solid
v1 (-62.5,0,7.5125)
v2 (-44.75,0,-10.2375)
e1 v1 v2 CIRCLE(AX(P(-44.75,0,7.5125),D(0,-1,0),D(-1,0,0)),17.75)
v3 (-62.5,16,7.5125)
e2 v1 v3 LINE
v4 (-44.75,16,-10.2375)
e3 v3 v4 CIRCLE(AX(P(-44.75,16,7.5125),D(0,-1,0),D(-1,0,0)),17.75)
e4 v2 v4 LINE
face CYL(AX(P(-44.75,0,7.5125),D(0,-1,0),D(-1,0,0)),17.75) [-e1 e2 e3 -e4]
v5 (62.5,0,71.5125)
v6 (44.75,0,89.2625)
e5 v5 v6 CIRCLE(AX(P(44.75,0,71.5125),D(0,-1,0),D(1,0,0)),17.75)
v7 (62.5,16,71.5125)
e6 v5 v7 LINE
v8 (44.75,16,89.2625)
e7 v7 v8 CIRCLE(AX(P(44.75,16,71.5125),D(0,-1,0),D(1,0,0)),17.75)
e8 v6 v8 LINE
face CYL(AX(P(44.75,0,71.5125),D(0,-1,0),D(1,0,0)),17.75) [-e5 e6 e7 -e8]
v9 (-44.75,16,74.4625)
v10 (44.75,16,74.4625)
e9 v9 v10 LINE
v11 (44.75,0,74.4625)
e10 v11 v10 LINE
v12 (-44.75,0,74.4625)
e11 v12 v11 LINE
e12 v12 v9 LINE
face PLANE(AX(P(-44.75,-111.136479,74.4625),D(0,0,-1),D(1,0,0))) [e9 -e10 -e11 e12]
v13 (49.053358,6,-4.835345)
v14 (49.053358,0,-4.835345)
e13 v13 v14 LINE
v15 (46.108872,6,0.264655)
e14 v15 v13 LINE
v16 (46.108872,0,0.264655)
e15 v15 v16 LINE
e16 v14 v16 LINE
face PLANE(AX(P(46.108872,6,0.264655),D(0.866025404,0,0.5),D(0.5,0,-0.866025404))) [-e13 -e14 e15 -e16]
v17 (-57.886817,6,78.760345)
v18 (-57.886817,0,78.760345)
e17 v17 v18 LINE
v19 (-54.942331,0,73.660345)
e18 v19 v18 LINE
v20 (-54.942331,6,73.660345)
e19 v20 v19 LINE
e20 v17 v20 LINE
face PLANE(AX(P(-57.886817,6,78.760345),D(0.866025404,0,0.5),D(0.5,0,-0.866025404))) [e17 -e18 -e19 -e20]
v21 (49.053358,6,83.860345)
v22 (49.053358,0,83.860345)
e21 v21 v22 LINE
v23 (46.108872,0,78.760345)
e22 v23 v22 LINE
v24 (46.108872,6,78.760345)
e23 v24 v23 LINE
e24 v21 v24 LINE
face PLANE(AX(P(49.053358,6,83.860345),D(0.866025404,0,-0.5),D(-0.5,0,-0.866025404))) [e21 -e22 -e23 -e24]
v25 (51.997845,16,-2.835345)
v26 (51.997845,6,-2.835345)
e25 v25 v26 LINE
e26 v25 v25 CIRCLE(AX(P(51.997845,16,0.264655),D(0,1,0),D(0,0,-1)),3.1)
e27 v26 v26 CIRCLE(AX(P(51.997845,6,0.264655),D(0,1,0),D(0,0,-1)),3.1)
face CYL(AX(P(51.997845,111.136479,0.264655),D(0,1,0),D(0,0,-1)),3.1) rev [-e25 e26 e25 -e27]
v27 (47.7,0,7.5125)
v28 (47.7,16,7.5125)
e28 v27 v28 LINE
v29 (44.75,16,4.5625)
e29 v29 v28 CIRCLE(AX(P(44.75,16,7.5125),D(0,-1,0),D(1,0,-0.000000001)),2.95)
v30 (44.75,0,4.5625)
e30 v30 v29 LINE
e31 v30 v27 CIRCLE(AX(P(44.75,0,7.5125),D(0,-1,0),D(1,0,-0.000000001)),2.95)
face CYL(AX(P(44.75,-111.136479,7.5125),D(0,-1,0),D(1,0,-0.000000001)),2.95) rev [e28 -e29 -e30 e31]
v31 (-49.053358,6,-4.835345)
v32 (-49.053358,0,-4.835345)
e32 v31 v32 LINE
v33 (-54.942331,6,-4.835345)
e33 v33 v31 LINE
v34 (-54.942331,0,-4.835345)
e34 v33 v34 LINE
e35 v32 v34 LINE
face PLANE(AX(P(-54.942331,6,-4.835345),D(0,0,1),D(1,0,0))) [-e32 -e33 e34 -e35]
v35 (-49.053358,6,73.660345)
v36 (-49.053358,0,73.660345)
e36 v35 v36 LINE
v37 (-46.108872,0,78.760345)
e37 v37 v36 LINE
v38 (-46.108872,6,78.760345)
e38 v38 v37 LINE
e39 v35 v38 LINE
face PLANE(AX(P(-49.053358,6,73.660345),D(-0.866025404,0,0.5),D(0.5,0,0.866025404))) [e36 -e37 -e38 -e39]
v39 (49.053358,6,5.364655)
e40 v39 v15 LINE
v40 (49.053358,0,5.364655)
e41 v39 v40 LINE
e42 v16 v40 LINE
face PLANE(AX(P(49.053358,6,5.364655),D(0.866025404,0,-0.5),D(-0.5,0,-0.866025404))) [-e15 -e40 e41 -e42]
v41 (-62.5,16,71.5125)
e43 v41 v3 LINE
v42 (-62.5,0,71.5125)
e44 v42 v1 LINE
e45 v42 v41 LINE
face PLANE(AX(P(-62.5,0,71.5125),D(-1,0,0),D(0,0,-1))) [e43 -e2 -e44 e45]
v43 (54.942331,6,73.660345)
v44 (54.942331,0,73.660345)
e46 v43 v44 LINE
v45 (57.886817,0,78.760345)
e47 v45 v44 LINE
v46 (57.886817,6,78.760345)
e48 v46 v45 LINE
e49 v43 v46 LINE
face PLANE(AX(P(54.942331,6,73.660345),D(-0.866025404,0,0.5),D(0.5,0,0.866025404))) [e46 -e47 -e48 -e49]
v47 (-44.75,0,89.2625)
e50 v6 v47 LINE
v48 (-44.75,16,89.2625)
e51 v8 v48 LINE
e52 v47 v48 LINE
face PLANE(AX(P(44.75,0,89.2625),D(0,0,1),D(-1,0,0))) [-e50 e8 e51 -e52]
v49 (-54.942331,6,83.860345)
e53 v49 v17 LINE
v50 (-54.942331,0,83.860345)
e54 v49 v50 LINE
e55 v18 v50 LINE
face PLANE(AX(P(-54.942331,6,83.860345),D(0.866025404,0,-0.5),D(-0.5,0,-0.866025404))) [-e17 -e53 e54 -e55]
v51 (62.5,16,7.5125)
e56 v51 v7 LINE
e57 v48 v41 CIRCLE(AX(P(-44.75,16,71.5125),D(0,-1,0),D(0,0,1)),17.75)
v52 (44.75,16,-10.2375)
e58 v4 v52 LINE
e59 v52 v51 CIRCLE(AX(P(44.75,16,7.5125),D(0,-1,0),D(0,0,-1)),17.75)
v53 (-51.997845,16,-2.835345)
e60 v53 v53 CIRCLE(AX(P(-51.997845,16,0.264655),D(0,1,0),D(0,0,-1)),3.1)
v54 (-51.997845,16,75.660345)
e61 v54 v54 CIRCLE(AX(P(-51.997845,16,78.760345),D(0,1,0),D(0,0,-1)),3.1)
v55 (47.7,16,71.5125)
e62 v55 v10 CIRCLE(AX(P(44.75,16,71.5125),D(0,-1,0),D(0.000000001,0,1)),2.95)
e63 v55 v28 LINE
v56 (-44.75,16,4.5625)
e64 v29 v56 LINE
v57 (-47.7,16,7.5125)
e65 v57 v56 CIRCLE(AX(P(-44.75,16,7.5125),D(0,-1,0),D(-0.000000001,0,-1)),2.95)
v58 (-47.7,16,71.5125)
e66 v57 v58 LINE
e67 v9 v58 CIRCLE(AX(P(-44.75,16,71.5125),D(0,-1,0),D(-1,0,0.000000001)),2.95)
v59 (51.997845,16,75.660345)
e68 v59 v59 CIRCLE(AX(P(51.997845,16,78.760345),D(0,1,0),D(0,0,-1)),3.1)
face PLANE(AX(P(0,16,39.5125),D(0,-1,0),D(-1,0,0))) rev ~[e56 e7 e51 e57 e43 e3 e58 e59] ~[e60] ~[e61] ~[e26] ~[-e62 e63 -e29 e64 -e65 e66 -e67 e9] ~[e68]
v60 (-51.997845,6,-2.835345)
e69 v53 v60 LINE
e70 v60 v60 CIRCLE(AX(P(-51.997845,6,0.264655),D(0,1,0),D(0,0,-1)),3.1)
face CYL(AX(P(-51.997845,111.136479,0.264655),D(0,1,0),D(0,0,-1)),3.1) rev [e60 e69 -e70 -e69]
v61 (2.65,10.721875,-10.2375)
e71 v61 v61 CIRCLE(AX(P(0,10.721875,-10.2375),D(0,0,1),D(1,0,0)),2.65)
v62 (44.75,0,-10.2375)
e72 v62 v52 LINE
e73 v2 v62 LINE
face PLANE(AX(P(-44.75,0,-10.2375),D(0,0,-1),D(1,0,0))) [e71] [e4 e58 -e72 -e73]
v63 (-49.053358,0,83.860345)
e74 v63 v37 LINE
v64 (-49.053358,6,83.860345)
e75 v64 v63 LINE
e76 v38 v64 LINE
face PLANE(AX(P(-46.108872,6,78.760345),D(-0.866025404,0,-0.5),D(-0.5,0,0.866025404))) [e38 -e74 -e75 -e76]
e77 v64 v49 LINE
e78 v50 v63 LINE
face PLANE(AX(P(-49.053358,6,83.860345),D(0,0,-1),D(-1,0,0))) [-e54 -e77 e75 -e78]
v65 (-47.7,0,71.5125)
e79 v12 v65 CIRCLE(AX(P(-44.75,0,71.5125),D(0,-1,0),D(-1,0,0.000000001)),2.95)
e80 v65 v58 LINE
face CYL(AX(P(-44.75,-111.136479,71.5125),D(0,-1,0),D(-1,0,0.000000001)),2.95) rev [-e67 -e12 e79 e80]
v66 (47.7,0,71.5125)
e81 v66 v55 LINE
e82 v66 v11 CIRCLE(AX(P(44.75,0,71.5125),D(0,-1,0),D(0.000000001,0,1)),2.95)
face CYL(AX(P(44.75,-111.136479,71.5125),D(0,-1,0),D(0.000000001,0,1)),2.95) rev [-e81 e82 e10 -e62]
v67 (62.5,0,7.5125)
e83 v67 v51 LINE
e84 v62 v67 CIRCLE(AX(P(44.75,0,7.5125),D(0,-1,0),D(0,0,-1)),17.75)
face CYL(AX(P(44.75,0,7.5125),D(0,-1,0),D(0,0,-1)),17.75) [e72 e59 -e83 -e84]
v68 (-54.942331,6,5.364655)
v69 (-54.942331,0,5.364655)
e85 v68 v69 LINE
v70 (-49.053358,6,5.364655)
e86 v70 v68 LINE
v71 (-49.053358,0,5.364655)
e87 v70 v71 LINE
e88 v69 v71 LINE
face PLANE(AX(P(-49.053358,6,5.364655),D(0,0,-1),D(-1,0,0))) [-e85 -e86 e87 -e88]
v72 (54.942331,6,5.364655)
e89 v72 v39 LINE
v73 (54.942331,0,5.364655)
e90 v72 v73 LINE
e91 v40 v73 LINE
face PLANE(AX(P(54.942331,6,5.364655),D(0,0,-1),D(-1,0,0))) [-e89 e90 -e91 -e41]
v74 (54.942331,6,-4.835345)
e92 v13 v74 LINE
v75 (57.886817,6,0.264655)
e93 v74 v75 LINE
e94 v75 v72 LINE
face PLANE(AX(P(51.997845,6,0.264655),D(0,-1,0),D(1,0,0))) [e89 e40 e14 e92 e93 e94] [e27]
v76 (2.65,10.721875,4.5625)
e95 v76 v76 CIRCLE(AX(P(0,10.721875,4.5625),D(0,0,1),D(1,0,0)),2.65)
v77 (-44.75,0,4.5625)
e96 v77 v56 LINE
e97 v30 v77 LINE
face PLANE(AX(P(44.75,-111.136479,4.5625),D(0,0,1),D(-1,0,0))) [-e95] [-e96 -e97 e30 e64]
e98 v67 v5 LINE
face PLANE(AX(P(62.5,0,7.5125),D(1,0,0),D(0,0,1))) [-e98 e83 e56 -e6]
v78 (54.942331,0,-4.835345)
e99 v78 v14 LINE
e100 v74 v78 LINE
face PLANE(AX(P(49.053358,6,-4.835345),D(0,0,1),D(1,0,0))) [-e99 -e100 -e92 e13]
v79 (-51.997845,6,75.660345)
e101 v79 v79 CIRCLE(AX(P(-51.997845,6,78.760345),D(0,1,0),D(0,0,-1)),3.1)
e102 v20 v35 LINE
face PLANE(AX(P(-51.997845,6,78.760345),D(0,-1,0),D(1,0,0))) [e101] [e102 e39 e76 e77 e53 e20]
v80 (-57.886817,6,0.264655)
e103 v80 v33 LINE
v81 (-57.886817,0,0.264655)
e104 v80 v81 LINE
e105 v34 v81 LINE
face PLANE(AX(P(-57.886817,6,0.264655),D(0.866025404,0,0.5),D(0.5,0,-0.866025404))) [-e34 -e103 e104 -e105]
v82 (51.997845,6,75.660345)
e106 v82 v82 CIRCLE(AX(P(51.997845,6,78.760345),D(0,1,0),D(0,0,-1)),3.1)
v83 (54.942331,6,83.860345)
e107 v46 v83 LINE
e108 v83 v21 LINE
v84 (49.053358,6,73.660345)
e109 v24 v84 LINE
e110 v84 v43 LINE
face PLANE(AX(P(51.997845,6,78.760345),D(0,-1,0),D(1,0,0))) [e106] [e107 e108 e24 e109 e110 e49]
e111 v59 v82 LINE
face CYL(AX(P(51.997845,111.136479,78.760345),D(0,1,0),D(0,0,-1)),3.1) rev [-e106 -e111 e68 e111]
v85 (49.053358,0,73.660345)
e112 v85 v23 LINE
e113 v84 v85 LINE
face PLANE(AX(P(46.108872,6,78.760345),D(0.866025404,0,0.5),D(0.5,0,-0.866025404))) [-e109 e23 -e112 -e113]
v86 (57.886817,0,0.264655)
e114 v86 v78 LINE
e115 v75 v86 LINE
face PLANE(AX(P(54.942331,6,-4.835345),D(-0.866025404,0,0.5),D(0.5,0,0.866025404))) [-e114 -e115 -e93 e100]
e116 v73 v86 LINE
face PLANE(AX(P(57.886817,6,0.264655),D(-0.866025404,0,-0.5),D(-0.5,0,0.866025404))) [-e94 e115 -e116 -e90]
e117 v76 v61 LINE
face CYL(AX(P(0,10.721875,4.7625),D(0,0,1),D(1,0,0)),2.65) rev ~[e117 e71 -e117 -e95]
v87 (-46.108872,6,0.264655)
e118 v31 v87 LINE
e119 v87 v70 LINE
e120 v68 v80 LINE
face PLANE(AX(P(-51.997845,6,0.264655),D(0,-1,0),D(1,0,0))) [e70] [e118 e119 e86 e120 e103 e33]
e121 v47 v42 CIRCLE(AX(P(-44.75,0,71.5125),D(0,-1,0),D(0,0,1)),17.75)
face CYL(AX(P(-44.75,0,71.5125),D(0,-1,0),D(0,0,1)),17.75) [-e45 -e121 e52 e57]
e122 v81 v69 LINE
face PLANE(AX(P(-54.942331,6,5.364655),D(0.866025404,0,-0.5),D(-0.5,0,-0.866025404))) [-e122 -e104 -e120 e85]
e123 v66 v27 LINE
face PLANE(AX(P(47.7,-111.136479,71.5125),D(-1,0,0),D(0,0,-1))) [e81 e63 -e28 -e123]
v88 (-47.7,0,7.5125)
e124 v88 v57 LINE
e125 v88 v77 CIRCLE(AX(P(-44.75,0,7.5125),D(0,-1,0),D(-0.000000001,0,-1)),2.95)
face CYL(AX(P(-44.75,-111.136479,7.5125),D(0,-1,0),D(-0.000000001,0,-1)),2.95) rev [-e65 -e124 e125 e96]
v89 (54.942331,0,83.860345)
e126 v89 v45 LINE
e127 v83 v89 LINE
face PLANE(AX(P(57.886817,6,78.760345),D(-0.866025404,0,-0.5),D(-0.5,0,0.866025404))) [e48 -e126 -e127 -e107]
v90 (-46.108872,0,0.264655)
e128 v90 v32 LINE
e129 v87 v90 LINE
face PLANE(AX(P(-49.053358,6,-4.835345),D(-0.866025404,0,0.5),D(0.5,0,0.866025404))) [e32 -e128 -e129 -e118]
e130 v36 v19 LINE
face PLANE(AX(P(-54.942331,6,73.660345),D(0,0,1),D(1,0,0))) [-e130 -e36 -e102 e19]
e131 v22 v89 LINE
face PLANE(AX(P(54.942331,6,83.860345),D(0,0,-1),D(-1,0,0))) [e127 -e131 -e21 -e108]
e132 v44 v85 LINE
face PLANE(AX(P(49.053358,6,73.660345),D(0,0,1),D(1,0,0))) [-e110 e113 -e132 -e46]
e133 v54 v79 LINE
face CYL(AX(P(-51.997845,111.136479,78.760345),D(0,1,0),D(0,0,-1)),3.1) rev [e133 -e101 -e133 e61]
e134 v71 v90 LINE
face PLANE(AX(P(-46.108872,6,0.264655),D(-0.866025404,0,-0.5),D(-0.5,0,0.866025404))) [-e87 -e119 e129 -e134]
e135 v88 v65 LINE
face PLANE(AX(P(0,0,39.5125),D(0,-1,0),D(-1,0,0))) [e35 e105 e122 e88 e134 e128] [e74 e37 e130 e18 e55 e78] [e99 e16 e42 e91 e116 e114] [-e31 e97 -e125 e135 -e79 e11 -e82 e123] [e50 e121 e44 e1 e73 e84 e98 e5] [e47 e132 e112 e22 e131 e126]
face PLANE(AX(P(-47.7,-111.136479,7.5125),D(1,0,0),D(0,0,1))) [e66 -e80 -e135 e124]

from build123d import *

# Parameters (mm, degrees)
BOSS_EXTRUDE1_DEPTH     = 16
SKETCH2_R               = 2.65
CUT_EXTRUDE1_DEPTH      = 20
CUT_EXTRUDE2_DEPTH      = 111.136478545
CUT_EXTRUDE2_DEPTH_BACK = 111.136478545
CUT_EXTRUDE3_DEPTH      = 111.136478545
CUT_EXTRUDE3_DEPTH_BACK = 111.136478545
SKETCH4_R               = 3.1
CUT_EXTRUDE4_DEPTH      = 111.136478545
CUT_EXTRUDE4_DEPTH_BACK = 6


with BuildPart() as part:
    # Sketch1 → Boss-Extrude1 (new body)
    with BuildSketch(Plane(origin=(0, 0, 0), x_dir=(1, 0, 0), z_dir=(0, 1, 0))):
        with BuildLine():
            Line((-44.75, 10.2375), (44.75, 10.2375))
            ThreePointArc((44.75, 10.2375), (57.301145366, 5.038645366), (62.5, -7.5125))
            Line((62.5, -7.5125), (62.5, -71.5125))
            ThreePointArc((62.5, -71.5125), (57.301145366, -84.063645366), (44.75, -89.2625))
            Line((44.75, -89.2625), (-44.75, -89.2625))
            ThreePointArc((-44.75, -89.2625), (-57.301145366, -84.063645366), (-62.5, -71.5125))
            Line((-62.5, -71.5125), (-62.5, -7.5125))
            ThreePointArc((-62.5, -7.5125), (-57.301145366, 5.038645366), (-44.75, 10.2375))
        make_face()
        with BuildLine():
            Line((-47.5, -7.5125), (-47.5, -71.5125))
            ThreePointArc((-47.5, -71.5125), (-46.694543648, -73.457043648), (-44.75, -74.2625))
            Line((-44.75, -74.2625), (44.75, -74.2625))
            ThreePointArc((44.75, -74.2625), (46.694543648, -73.457043648), (47.5, -71.5125))
            Line((47.5, -71.5125), (47.5, -7.5125))
            ThreePointArc((47.5, -7.5125), (46.694543648, -5.567956352), (44.75, -4.7625))
            Line((44.75, -4.7625), (-44.75, -4.7625))
            ThreePointArc((-44.75, -4.7625), (-46.694543648, -5.567956352), (-47.5, -7.5125))
        make_face(mode=Mode.SUBTRACT)
    extrude(amount=BOSS_EXTRUDE1_DEPTH)

    # Sketch2 → Cut-Extrude1 (cut)
    with BuildSketch(Plane.XY.offset(4.7625)):
        with Locations((0, 10.721875)):
            Circle(SKETCH2_R)
    extrude(amount=-CUT_EXTRUDE1_DEPTH, mode=Mode.SUBTRACT)

    # Sketch3 → Cut-Extrude2 (cut, two sides: drawn at the far end of the back side and taken through both)
    with BuildSketch(Plane(origin=(0, 0, 0), x_dir=(1, 0, 0), z_dir=(0, 1, 0)).offset(-CUT_EXTRUDE2_DEPTH_BACK)):
        with BuildLine():
            Line((-47.7, -7.5125), (-47.7, -71.5125))
            ThreePointArc((-47.7, -71.5125), (-46.835965004, -73.598465004), (-44.75, -74.4625))
            Line((-44.75, -74.4625), (44.75, -74.4625))
            ThreePointArc((44.75, -74.4625), (46.835965004, -73.598465004), (47.7, -71.5125))
            Line((47.7, -71.5125), (47.7, -7.5125))
            ThreePointArc((47.7, -7.5125), (46.835965004, -5.426534996), (44.75, -4.5625))
            Line((44.75, -4.5625), (-44.75, -4.5625))
            ThreePointArc((-44.75, -4.5625), (-46.835965004, -5.426534996), (-47.7, -7.5125))
        make_face()
        with BuildLine():
            Line((-44.75, -74.2625), (44.75, -74.2625))
            ThreePointArc((44.75, -74.2625), (46.694543648, -73.457043648), (47.5, -71.5125))
            Line((47.5, -71.5125), (47.5, -7.5125))
            ThreePointArc((47.5, -7.5125), (46.694543648, -5.567956352), (44.75, -4.7625))
            Line((44.75, -4.7625), (-44.75, -4.7625))
            ThreePointArc((-44.75, -4.7625), (-46.694543648, -5.567956352), (-47.5, -7.5125))
            Line((-47.5, -7.5125), (-47.5, -71.5125))
            ThreePointArc((-47.5, -71.5125), (-46.694543648, -73.457043648), (-44.75, -74.2625))
        make_face(mode=Mode.SUBTRACT)
    extrude(amount=CUT_EXTRUDE2_DEPTH + CUT_EXTRUDE2_DEPTH_BACK, mode=Mode.SUBTRACT)

    # Sketch4 → Cut-Extrude3 (cut, two sides: drawn at the far end of the back side and taken through both)
    with BuildSketch(Plane.XZ.offset(-CUT_EXTRUDE3_DEPTH_BACK)):
        with Locations(Location((-51.997844507, 78.760344507, 0), (0, 0, 270))):
            Circle(SKETCH4_R)
        with Locations(Location((51.997844507, 78.760344507, 0), (0, 0, 270))):
            Circle(SKETCH4_R)
        with Locations(Location((51.997844507, 0.264655493, 0), (0, 0, 270))):
            Circle(SKETCH4_R)
        with Locations(Location((-51.997844507, 0.264655493, 0), (0, 0, 270))):
            Circle(SKETCH4_R)
    extrude(amount=CUT_EXTRUDE3_DEPTH + CUT_EXTRUDE3_DEPTH_BACK, mode=Mode.SUBTRACT)

    # Sketch5 → Cut-Extrude4 (cut, two sides: drawn at the far end of the back side and taken through both)
    with BuildSketch(Plane.XZ.offset(-CUT_EXTRUDE4_DEPTH_BACK)):
        Polygon((-46.108871761, 78.760344507), (-49.053358134, 83.860344507), (-54.94233088, 83.860344507), (-57.886817253, 78.760344507), (-54.94233088, 73.660344507), (-49.053358134, 73.660344507), align=None)
        Polygon((57.886817253, 78.760344507), (54.94233088, 83.860344507), (49.053358134, 83.860344507), (46.108871761, 78.760344507), (49.053358134, 73.660344507), (54.94233088, 73.660344507), align=None)
        Polygon((57.886817253, 0.264655493), (54.94233088, 5.364655493), (49.053358134, 5.364655493), (46.108871761, 0.264655493), (49.053358134, -4.835344507), (54.94233088, -4.835344507), align=None)
        Polygon((-46.108871761, 0.264655493), (-49.053358134, 5.364655493), (-54.94233088, 5.364655493), (-57.886817253, 0.264655493), (-54.94233088, -4.835344507), (-49.053358134, -4.835344507), align=None)
    extrude(amount=CUT_EXTRUDE4_DEPTH + CUT_EXTRUDE4_DEPTH_BACK, mode=Mode.SUBTRACT)


solid = part.part
